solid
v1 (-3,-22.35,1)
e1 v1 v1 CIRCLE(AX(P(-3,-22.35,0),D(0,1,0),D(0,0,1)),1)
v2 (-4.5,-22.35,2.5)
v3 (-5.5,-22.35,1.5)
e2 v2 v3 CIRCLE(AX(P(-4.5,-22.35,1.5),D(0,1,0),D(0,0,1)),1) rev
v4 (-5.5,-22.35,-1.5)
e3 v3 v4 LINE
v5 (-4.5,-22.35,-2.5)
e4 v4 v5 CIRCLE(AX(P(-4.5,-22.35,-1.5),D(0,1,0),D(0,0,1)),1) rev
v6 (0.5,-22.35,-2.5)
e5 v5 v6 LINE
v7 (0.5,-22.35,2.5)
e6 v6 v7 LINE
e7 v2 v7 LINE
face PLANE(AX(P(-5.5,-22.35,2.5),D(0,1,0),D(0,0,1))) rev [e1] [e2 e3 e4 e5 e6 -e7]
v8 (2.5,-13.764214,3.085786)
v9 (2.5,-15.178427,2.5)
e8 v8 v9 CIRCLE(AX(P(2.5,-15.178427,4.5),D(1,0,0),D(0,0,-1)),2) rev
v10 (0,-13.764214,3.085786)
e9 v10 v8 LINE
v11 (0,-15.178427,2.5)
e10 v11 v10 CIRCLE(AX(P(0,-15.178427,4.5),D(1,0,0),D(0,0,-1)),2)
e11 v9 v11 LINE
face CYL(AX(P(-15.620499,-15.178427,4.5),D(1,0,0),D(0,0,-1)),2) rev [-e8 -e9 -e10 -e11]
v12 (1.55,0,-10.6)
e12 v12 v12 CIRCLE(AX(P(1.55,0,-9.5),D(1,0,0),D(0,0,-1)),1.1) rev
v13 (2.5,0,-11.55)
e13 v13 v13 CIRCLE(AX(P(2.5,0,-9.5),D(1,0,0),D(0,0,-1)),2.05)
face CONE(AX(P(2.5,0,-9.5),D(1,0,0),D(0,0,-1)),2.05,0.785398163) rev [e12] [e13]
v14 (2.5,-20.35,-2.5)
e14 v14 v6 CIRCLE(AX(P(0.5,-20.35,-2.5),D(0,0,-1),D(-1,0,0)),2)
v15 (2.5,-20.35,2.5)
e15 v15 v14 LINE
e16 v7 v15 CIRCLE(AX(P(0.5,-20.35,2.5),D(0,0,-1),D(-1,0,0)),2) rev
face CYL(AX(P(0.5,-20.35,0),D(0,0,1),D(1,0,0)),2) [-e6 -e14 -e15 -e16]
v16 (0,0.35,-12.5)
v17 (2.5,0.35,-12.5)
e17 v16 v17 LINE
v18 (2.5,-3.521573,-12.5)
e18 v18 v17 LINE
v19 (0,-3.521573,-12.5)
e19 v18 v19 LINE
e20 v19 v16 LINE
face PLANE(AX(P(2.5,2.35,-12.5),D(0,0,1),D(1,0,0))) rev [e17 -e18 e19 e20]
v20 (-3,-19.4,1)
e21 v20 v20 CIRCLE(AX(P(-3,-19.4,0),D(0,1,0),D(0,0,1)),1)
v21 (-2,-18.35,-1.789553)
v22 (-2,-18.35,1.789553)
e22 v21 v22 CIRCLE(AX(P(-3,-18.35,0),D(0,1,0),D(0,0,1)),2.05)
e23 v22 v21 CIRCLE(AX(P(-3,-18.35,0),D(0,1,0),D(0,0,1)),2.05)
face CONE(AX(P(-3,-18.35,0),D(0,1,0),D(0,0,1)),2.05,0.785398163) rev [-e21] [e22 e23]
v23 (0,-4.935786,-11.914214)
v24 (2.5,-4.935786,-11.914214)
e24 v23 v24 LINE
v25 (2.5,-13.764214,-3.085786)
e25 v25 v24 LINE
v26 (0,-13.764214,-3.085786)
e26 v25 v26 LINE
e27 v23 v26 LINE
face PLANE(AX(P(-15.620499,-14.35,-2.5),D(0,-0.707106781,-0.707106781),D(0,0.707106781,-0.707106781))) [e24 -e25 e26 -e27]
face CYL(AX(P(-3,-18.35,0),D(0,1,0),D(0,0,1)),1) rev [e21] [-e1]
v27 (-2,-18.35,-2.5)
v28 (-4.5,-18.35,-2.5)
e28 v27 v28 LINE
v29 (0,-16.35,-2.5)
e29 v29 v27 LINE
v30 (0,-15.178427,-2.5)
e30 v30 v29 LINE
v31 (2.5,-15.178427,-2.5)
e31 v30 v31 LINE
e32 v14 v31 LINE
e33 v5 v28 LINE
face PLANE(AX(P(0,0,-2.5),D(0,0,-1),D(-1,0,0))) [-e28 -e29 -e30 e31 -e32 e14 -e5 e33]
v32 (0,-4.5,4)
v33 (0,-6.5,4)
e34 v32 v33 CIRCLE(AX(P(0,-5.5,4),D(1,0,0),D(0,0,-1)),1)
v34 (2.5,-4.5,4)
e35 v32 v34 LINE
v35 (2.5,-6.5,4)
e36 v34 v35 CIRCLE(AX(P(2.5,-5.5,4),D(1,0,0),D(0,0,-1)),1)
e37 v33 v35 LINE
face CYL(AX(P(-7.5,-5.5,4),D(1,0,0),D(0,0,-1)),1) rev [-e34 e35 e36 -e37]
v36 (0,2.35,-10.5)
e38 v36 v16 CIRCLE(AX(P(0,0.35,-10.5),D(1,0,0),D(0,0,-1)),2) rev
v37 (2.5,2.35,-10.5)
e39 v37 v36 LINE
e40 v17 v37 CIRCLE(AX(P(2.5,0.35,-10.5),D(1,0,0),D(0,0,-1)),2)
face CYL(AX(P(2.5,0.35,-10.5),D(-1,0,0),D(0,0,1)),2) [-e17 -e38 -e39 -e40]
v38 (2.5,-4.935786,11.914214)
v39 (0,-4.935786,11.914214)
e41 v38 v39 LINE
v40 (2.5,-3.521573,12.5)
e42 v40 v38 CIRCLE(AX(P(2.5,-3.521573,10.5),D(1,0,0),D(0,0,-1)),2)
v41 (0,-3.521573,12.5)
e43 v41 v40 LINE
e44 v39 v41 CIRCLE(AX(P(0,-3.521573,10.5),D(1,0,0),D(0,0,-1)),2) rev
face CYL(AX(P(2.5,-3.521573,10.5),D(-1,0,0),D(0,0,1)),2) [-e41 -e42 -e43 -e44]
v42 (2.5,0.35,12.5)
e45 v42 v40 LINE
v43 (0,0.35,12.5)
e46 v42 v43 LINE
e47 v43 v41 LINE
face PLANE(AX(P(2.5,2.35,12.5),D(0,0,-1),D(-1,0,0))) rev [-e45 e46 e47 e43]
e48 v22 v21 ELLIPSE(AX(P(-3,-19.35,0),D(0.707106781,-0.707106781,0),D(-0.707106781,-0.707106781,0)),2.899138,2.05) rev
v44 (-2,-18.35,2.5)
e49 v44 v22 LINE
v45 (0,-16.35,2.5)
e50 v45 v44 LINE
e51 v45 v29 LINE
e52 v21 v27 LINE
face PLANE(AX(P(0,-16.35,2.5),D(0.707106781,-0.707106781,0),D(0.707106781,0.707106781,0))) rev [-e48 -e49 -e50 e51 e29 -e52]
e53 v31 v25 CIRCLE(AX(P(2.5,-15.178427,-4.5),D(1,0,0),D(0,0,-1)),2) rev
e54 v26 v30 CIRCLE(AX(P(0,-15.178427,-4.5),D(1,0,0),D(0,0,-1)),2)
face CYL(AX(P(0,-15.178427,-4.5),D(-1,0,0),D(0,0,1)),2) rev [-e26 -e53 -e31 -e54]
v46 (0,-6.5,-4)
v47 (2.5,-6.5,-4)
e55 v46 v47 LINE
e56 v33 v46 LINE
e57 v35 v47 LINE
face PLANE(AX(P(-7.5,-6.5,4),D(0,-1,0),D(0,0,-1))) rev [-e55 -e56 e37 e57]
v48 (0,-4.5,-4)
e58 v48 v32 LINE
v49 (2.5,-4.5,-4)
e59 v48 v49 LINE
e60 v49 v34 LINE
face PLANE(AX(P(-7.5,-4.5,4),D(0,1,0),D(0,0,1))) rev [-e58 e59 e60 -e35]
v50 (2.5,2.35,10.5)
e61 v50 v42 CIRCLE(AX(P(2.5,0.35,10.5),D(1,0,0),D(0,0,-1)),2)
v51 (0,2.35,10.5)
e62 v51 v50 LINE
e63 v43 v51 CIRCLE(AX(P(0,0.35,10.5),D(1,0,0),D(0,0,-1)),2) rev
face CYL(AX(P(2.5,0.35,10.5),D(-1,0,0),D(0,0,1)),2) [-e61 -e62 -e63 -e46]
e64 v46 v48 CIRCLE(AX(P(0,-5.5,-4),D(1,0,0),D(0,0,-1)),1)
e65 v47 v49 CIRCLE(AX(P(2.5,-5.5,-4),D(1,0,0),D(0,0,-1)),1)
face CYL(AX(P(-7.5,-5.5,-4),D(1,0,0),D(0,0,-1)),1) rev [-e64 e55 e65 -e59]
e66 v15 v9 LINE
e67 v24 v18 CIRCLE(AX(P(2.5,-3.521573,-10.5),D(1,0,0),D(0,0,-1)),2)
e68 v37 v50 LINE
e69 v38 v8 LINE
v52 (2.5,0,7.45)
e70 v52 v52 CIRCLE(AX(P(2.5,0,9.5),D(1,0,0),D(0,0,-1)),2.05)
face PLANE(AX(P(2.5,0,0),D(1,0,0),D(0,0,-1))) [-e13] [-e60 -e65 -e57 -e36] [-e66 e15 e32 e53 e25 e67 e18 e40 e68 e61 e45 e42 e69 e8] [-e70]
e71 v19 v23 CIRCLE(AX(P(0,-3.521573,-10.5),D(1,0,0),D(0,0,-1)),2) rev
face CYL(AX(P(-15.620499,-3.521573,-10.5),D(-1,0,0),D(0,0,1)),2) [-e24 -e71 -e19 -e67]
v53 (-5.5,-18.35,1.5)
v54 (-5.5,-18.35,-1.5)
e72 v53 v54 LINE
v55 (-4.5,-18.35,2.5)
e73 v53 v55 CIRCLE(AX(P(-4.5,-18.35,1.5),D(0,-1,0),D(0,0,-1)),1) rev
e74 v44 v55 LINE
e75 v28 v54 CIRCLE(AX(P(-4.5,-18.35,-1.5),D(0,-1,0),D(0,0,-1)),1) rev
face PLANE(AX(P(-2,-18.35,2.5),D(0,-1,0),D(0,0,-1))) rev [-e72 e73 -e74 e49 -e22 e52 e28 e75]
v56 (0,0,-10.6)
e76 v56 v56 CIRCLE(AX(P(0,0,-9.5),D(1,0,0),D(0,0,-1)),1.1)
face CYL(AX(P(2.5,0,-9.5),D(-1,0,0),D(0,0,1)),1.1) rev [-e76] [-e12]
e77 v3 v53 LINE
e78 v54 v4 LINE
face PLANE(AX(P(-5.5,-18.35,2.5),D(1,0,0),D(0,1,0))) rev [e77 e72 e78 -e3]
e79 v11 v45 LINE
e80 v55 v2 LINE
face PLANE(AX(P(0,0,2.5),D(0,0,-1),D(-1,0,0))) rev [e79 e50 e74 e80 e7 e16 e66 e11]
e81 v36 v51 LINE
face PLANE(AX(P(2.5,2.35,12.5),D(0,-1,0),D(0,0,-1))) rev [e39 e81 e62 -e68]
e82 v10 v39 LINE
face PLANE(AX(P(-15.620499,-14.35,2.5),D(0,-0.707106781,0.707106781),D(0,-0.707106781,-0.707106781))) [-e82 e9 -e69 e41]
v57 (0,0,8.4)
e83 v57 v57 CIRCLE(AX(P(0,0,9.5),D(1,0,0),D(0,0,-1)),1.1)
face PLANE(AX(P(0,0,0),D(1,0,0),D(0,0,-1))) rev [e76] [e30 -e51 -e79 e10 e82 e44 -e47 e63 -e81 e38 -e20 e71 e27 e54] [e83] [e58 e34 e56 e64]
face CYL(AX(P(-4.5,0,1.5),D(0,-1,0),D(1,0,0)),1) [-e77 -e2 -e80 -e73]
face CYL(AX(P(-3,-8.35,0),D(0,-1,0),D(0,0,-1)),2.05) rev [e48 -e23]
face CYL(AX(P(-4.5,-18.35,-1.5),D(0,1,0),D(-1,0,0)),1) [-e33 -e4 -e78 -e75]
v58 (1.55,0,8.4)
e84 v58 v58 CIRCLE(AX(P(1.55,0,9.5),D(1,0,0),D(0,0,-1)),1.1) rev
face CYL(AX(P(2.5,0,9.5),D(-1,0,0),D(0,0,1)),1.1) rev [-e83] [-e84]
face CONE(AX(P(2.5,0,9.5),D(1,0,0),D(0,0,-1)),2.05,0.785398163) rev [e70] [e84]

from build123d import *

# Parameters (mm, degrees)
SKETCH_1_W                   = 25
SKETCH_1_H                   = 4.7
SKETCH_1_R                   = 1.1
EXTRUDE_1_DEPTH              = 2.5
HOLE_WIZARD_M2_1_D           = 2
HOLE_WIZARD_M2_1_CSINK_D     = 4.1
HOLE_WIZARD_M2_1_CSINK_ANGLE = 90
EXTRUDE_2_DEPTH              = 2.5
SKETCH1_R                    = 0.85
EXTRUDE1_DEPTH               = 10
SKETCH3_R                    = 2.05
EXTRUDE2_DEPTH               = 10
EXTRUDE4_DEPTH               = 2.5
EXTRUDE5_DEPTH               = 10
FILLET1_R                    = 2
FILLET2_R                    = 1
FILLET3_R                    = 2


with BuildPart() as part:
    # 草图1 → 凸台-拉伸1 (new body)
    with BuildSketch(Plane(origin=(0, 0, 0), x_dir=(0, 0, -1), z_dir=(1, 0, 0))):
        Rectangle(SKETCH_1_W, SKETCH_1_H)
        with Locations((9.5, 0)):
            Circle(SKETCH_1_R, mode=Mode.SUBTRACT)
        with Locations((-9.5, 0)):
            Circle(SKETCH_1_R, mode=Mode.SUBTRACT)
    extrude(amount=EXTRUDE_1_DEPTH)

    # M2 平头机械螺钉的锥形沉头孔1 (through all)
    with Locations(Plane(origin=(2.5, 0, 9.5), x_dir=(0, 0, 1), z_dir=(1, 0, 0))):
        with Locations((0, 0), (-19, 0)):
            CounterSinkHole(HOLE_WIZARD_M2_1_D / 2, HOLE_WIZARD_M2_1_CSINK_D / 2, counter_sink_angle=HOLE_WIZARD_M2_1_CSINK_ANGLE)

    # 草图3 → 凸台-拉伸2 (add, symmetric)
    with BuildSketch(Plane.XY):
        Polygon((0, -2.35), (2.5, -2.35), (2.5, -22.35), (-5.5, -22.35), (-5.5, -18.35), (-2, -18.35), (0, -16.35), align=None)
    extrude(amount=EXTRUDE_2_DEPTH, both=True)

    # Sketch1 → Extrude1 (cut)
    with BuildSketch(Plane(origin=(0, -18.35, 0), x_dir=(1, 0, 0), z_dir=(0, 1, 0))):
        with Locations(Location((-3, 0, 0), (0, 0, 270))):  # turned: the seam where the file's is
            Circle(SKETCH1_R)
    extrude(amount=-EXTRUDE1_DEPTH, mode=Mode.SUBTRACT)

    # Sketch2 → CSK for M2 Flat Head Machine Screw1 (revolve, cut)
    with BuildSketch(Plane(origin=(-3, -18.35, 0), x_dir=(0, 0, 1), z_dir=(1, 0, 0))):
        Polygon((0, 0), (0, 4.000025), (1, 4.000025), (1, 1.05), (2.05, 0), align=None)
    revolve(axis=Axis((-3, -12, 0), (0, -1, 0)), mode=Mode.SUBTRACT)

    # Sketch3 → Extrude2 (cut)
    with BuildSketch(Plane(origin=(0, -18.35, 0), x_dir=(1, 0, 0), z_dir=(0, 1, 0))):
        with Locations((-3, 0)):
            Circle(SKETCH3_R)
    extrude(amount=EXTRUDE2_DEPTH, mode=Mode.SUBTRACT)

    # Sketch6 → Extrude4 (add)
    with BuildSketch(Plane(origin=(2.5, 0, 0), x_dir=(0, 0, -1), z_dir=(1, 0, 0))):
        Polygon((-12.5, -2.35), (-2.5, -2.35), (-2.5, -14.35), (-12.5, -4.35), align=None)
        Polygon((12.5, -4.35), (12.5, -2.35), (2.5, -2.35), (2.5, -14.35), align=None)
    extrude(amount=-EXTRUDE4_DEPTH)

    # Sketch7 → Extrude5 (cut)
    with BuildSketch(Plane(origin=(2.5, 0, 0), x_dir=(0, 0, -1), z_dir=(1, 0, 0))):
        with BuildLine():
            Line((-4, -4.5), (4, -4.5))
            ThreePointArc((4, -4.5), (5, -5.5), (4, -6.5))
            Line((4, -6.5), (-4, -6.5))
            ThreePointArc((-4, -6.5), (-5, -5.5), (-4, -4.5))
        make_face()
    extrude(amount=-EXTRUDE5_DEPTH, mode=Mode.SUBTRACT)

    # Fillet1
    fillet1_edges = [part.edges().sort_by_distance(p)[0] for p in [
        (1.25, -4.35, -12.5),
        (1.25, -14.35, -2.5),
        (1.25, -14.35, 2.5),
        (1.25, -4.35, 12.5),
        (1.25, 2.35, -12.5),
        (1.25, 2.35, 12.5),
    ]]
    fillet(fillet1_edges, radius=FILLET1_R)

    # Fillet2
    fillet2_edges = [part.edges().sort_by_distance(p)[0] for p in [
        (-5.5, -20.35, -2.5),
        (-5.5, -20.35, 2.5),
    ]]
    fillet(fillet2_edges, radius=FILLET2_R)

    # Fillet3
    fillet3_edges = [part.edges().sort_by_distance(p)[0] for p in [
        (2.5, -22.35, 0),
    ]]
    fillet(fillet3_edges, radius=FILLET3_R)


solid = part.part
